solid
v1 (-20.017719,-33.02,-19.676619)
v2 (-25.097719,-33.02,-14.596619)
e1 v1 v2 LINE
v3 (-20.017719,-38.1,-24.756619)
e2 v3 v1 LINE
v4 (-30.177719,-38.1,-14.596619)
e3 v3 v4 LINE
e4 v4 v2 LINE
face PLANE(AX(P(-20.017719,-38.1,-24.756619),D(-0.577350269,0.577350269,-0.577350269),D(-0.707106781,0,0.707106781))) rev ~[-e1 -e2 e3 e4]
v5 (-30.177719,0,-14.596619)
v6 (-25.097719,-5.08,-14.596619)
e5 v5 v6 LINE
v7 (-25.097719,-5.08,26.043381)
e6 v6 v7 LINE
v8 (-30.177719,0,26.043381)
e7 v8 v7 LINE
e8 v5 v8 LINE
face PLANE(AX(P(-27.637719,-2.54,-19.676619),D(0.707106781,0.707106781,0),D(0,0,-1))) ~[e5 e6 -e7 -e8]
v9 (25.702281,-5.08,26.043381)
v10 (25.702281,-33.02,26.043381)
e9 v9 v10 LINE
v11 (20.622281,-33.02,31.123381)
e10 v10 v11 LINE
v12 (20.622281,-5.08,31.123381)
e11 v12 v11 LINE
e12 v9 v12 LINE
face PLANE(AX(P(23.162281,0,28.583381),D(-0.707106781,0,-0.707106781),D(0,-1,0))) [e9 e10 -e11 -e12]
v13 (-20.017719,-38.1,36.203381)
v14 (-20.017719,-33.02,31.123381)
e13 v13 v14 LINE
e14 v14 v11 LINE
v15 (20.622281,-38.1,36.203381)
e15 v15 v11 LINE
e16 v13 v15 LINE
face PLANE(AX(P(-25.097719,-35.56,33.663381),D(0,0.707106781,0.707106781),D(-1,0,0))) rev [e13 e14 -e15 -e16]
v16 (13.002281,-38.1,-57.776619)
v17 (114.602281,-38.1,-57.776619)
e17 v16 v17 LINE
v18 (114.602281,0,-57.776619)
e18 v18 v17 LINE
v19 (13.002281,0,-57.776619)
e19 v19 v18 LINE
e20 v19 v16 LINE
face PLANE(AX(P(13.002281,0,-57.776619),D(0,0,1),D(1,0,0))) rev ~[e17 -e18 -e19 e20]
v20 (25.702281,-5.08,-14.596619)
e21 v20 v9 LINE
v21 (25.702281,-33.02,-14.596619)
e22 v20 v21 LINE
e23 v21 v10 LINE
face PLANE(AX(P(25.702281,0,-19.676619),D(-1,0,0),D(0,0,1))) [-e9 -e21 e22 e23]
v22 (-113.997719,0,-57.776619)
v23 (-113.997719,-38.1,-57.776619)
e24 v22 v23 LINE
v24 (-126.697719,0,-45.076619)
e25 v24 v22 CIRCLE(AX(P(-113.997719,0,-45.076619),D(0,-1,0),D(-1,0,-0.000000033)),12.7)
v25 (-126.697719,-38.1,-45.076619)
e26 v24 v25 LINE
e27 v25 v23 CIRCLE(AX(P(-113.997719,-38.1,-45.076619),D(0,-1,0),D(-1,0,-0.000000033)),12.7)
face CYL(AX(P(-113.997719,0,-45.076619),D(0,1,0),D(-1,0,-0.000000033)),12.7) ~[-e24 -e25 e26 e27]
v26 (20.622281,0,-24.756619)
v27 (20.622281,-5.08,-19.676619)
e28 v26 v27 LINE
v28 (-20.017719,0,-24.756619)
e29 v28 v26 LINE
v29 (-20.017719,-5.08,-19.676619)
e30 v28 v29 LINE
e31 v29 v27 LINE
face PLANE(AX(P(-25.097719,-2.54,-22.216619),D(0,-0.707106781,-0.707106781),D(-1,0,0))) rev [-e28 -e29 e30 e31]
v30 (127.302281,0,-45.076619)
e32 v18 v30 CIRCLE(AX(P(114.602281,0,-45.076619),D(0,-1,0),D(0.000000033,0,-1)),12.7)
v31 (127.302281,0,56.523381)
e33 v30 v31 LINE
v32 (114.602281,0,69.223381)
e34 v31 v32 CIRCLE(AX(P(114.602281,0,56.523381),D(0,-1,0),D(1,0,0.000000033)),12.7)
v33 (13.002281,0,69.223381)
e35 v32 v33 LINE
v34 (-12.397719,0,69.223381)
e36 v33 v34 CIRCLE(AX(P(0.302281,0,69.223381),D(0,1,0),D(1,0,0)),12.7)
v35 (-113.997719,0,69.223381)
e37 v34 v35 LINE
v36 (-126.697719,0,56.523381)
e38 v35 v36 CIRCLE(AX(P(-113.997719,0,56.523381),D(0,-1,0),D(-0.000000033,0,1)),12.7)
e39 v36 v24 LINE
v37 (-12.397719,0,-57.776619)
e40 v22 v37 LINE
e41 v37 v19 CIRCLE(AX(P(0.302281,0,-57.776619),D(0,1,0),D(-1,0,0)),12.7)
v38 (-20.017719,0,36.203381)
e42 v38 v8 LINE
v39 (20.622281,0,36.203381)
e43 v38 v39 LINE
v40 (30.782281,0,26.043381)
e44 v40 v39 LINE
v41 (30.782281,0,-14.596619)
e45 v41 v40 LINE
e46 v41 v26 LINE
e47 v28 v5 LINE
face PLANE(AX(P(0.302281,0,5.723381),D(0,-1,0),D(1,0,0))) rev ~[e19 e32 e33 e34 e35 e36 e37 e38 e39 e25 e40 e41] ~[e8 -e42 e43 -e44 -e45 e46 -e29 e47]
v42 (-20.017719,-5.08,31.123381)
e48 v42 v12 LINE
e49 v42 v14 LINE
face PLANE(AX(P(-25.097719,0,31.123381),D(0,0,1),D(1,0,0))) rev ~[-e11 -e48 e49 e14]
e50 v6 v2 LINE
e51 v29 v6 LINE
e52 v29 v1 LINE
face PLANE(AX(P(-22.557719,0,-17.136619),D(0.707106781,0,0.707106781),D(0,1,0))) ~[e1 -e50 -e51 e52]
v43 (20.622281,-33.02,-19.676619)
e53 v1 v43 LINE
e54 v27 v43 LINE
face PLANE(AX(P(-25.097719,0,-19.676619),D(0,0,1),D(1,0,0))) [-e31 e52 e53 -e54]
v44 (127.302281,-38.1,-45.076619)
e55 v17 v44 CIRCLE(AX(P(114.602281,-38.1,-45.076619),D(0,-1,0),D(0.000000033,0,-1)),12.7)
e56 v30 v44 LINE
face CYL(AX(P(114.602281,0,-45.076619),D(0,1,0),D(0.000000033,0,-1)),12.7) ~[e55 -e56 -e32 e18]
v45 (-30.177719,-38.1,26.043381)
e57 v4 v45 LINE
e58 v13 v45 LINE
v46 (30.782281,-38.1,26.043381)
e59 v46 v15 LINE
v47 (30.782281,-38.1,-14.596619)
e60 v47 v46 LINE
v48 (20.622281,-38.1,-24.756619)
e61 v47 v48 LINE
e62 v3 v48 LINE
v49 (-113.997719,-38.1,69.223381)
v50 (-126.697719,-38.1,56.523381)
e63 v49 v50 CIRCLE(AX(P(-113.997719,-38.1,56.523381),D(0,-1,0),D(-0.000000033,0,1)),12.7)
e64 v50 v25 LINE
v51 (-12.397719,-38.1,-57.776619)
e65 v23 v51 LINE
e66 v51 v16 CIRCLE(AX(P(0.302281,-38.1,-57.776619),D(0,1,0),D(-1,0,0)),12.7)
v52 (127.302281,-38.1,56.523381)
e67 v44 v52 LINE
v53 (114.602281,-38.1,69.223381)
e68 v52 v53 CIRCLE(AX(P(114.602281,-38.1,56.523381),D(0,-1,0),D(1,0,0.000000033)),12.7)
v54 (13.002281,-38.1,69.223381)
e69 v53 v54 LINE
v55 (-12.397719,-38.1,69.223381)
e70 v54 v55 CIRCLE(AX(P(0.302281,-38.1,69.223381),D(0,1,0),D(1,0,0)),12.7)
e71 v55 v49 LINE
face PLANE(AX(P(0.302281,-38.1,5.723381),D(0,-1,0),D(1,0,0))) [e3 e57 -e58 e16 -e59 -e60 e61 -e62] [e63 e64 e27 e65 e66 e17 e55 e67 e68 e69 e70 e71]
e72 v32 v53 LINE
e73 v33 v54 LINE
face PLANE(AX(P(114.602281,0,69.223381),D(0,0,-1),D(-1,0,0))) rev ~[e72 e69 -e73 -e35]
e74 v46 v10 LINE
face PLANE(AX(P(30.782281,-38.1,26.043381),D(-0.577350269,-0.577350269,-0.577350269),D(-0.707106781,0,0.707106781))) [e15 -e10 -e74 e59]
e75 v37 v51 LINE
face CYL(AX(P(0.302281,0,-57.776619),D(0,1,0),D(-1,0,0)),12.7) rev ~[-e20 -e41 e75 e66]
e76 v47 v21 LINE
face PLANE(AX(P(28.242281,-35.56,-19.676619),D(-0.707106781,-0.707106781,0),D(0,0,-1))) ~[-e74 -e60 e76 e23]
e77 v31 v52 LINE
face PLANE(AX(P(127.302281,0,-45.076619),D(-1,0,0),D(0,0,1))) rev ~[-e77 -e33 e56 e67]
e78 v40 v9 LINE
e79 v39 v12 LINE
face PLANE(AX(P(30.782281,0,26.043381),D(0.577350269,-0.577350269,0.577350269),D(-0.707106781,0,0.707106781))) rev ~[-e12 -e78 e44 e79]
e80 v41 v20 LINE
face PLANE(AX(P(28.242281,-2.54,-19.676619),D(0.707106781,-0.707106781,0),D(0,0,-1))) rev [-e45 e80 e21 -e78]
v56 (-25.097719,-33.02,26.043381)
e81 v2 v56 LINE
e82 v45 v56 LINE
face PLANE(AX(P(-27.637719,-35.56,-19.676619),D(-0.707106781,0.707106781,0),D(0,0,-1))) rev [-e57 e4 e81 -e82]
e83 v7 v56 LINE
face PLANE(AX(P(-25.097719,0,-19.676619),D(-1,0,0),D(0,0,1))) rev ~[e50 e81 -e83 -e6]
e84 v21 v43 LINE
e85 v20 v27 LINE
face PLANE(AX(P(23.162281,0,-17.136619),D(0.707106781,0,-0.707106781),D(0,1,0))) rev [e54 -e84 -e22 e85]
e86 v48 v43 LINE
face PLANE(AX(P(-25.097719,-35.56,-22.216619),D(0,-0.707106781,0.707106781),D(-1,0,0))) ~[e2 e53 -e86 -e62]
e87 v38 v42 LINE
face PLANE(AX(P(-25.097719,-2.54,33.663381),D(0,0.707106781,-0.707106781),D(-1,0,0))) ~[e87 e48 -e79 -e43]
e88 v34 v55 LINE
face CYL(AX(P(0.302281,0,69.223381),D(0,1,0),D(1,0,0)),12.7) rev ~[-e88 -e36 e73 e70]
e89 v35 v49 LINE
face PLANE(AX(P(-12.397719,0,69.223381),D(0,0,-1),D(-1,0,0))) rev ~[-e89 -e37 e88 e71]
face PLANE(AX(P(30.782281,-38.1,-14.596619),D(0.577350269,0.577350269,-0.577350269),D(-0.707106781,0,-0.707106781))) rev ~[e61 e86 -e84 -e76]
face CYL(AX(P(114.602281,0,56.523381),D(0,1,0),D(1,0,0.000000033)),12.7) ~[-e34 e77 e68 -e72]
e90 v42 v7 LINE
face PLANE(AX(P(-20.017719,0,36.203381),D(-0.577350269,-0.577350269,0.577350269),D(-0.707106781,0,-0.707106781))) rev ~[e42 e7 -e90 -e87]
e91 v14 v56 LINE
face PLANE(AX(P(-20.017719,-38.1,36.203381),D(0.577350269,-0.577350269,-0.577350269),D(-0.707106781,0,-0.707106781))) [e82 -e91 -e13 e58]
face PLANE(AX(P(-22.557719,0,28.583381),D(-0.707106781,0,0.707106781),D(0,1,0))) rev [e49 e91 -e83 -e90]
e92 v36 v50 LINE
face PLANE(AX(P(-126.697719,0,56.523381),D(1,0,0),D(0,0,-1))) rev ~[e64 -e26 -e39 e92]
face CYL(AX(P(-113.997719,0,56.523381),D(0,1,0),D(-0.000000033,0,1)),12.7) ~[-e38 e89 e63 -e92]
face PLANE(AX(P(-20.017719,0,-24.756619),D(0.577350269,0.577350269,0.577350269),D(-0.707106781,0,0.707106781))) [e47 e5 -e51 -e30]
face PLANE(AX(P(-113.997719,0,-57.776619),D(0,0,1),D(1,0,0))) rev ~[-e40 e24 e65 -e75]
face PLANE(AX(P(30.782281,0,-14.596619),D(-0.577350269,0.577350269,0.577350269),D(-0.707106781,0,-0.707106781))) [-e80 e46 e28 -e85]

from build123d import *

# Parameters (mm, degrees)
F0_W     = 50.8
F0_H     = 50.8
F1_DEPTH = 38.1
F2_SIZE  = 5.08


with BuildPart() as f1:
    # F0 (on Front) → F1 (new body)
    with BuildSketch(Plane.XZ):
        with BuildLine():
            Line((-12.397719, 69.223381), (-113.997719, 69.223381))
            ThreePointArc((-113.997719, 69.223381), (-122.977975, 65.503637), (-126.697719, 56.523381))
            Line((-126.697719, 56.523381), (-126.697719, -45.076619))
            ThreePointArc((-126.697719, -45.076619), (-122.977975, -54.056875), (-113.997719, -57.776619))
            Line((-113.997719, -57.776619), (-12.397719, -57.776619))
            ThreePointArc((-12.397719, -57.776619), (0.302281, -45.076619), (13.002281, -57.776619))
            Line((13.002281, -57.776619), (114.602281, -57.776619))
            ThreePointArc((114.602281, -57.776619), (123.582537, -54.056875), (127.302281, -45.076619))
            Line((127.302281, -45.076619), (127.302281, 56.523381))
            ThreePointArc((127.302281, 56.523381), (123.582537, 65.503637), (114.602281, 69.223381))
            Line((114.602281, 69.223381), (13.002281, 69.223381))
            ThreePointArc((13.002281, 69.223381), (0.302281, 56.523381), (-12.397719, 69.223381))
        make_face()
        with Locations((0.302281, 5.723381)):
            Rectangle(F0_W, F0_H, mode=Mode.SUBTRACT)
    extrude(amount=F1_DEPTH)

    # F2
    f2_edges = [f1.edges().sort_by_distance(p)[0] for p in [
        (25.702281, -19.05, 31.123381),
        (25.702281, -19.05, -19.676619),
        (25.702281, 0, 5.723381),
        (25.702281, -38.1, 5.723381),
        (-25.097719, -19.05, 31.123381),
        (0.302281, 0, 31.123381),
        (0.302281, -38.1, 31.123381),
        (-25.097719, -19.05, -19.676619),
        (0.302281, 0, -19.676619),
        (0.302281, -38.1, -19.676619),
        (-25.097719, 0, 5.723381),
        (-25.097719, -38.1, 5.723381),
    ]]
    chamfer(f2_edges, length=F2_SIZE)


solid = f1.part
